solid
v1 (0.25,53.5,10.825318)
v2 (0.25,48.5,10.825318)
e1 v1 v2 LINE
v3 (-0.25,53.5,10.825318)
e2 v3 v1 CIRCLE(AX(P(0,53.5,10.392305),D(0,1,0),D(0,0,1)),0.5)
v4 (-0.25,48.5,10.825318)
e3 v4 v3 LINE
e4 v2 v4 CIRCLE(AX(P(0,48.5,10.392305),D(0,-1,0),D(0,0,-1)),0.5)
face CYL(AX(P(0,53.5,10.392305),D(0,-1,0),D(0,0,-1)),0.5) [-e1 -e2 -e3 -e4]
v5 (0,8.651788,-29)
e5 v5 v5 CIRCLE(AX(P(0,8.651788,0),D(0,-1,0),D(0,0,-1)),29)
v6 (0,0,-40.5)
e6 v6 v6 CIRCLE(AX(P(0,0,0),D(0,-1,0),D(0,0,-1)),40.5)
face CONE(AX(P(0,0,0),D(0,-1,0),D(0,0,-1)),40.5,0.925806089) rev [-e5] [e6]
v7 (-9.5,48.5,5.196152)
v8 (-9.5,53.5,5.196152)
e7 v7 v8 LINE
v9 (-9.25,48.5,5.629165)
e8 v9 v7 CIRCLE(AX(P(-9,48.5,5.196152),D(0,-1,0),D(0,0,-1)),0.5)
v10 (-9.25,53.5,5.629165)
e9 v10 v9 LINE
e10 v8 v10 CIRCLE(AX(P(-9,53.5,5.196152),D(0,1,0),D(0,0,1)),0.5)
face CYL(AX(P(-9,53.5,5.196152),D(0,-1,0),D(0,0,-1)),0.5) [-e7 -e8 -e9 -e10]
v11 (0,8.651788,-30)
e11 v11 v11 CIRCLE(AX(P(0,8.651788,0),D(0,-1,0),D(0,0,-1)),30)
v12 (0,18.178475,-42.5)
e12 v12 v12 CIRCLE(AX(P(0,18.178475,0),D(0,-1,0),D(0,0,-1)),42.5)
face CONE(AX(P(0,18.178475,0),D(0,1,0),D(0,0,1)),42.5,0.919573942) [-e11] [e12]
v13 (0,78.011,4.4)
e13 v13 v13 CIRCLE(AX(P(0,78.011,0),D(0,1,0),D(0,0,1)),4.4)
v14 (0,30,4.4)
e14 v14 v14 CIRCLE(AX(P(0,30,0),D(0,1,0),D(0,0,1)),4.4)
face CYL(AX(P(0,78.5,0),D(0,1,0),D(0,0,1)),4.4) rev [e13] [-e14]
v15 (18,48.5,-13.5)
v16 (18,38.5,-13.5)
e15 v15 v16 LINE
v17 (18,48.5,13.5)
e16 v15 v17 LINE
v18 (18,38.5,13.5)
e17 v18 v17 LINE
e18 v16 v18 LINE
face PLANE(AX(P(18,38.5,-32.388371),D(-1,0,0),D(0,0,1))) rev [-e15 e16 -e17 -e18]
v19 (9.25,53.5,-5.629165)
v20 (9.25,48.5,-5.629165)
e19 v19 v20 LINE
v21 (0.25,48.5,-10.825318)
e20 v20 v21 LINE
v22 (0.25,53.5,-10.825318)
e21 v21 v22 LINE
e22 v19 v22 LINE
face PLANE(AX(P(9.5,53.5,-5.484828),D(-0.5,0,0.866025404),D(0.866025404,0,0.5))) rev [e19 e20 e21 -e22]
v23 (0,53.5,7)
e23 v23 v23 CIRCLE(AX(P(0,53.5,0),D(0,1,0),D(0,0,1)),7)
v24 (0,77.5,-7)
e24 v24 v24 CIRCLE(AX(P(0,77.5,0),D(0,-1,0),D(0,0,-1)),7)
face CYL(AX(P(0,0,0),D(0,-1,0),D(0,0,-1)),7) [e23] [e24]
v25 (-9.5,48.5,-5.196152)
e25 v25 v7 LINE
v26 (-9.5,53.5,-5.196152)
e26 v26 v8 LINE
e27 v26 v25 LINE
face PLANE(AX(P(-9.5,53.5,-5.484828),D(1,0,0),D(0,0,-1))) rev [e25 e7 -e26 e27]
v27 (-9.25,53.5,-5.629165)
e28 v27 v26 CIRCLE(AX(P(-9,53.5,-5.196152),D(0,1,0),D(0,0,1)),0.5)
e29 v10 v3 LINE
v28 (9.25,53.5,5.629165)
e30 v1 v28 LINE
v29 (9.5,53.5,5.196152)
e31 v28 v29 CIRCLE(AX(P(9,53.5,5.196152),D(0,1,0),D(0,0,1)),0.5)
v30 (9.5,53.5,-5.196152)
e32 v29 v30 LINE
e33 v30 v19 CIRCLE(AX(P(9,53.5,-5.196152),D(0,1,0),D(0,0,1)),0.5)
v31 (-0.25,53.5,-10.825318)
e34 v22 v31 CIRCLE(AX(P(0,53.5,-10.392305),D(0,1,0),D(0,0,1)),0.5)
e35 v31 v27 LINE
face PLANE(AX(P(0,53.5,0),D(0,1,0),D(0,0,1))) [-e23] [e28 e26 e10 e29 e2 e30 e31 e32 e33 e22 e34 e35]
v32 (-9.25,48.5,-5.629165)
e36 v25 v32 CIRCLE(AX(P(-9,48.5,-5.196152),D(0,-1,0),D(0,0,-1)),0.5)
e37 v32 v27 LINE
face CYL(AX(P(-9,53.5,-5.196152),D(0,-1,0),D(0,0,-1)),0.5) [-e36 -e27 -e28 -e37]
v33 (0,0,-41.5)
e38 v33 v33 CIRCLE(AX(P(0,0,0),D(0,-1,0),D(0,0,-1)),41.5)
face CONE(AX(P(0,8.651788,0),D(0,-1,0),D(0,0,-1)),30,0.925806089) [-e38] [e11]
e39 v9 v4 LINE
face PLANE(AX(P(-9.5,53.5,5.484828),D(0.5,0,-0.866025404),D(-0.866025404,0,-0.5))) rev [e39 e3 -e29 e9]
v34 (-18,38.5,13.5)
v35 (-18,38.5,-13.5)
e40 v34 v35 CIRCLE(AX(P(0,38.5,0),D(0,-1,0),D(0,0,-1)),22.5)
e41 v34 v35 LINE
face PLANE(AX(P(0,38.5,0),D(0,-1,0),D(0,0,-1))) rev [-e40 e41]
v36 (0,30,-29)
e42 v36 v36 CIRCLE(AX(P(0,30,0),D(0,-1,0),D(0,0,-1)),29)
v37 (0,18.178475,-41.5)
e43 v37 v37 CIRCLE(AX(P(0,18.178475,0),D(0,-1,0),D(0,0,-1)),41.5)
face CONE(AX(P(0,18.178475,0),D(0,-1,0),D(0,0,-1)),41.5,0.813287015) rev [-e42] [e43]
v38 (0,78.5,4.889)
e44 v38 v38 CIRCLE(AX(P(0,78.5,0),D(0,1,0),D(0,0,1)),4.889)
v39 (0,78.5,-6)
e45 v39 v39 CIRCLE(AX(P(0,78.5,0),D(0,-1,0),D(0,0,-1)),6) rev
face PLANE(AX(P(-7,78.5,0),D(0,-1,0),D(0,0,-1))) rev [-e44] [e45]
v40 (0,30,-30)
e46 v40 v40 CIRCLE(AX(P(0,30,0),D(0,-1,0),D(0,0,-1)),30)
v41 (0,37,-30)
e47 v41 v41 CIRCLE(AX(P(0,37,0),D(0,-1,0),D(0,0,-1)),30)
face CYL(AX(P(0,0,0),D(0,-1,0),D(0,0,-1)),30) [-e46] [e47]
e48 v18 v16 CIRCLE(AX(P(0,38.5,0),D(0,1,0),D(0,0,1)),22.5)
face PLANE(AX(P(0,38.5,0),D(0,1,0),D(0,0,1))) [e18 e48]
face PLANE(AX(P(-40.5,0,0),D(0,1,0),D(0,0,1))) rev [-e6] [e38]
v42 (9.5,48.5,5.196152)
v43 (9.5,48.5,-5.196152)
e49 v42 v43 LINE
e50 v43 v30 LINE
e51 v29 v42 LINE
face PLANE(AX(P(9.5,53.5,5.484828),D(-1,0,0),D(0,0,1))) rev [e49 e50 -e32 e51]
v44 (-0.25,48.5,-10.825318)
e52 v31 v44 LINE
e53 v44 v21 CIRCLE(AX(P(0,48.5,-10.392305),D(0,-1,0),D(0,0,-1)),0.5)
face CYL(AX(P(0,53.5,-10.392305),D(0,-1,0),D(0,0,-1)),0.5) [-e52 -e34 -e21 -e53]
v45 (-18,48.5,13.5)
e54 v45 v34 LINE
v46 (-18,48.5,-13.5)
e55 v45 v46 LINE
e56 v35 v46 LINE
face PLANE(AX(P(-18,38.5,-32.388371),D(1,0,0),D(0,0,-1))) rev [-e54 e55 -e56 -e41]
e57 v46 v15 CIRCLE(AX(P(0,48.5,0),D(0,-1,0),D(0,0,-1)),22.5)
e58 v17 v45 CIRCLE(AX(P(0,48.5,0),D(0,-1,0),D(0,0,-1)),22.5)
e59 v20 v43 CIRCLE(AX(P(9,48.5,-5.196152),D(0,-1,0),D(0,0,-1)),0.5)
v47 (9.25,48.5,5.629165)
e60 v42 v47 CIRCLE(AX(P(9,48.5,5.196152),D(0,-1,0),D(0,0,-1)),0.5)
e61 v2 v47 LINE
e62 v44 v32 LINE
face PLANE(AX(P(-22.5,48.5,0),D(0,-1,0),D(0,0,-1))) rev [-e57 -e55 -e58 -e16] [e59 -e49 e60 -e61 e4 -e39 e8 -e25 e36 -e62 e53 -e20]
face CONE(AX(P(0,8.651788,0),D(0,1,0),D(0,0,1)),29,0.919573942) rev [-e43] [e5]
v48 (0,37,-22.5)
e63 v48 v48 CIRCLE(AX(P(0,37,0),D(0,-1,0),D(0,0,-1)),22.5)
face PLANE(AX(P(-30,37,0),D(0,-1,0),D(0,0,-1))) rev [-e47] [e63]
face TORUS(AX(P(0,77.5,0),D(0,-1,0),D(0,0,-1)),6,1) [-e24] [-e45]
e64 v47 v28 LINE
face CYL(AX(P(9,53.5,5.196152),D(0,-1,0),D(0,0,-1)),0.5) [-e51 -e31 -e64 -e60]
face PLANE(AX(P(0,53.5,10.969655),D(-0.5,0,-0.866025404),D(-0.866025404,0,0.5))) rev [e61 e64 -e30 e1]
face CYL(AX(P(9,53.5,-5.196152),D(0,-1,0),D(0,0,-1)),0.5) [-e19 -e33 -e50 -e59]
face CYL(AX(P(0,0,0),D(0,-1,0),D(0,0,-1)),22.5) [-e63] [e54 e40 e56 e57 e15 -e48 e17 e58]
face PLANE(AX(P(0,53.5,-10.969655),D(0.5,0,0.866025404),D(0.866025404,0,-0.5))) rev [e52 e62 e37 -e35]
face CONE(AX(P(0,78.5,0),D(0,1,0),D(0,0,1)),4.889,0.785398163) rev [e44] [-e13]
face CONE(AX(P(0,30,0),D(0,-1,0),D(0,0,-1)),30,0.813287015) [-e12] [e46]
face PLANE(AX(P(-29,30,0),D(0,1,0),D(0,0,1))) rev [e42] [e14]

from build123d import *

# Parameters (mm, degrees)
HOLE_WIZARD_G1_8_1_D           = 8.8
HOLE_WIZARD_G1_8_1_CSINK_D     = 9.778
HOLE_WIZARD_G1_8_1_CSINK_ANGLE = 90
FILLET_1_R                     = 1
SKETCH_5_W                     = 32.896271037
SKETCH_5_H                     = 64.386050675
CUT_EXTRUDE_1_DEPTH            = 10
SKETCH_6_R                     = 4.4
EXTRUDE_1_DEPTH                = 5
FILLET_2_R                     = 0.5


with BuildPart() as part:
    # 草图1 → 旋转2 (revolve)
    with BuildSketch(Plane.XY, mode=Mode.PRIVATE) as revolve_2_sk:
        Polygon((-40.5, 0), (-41.5, 0), (-30, 8.651787717), (-42.5, 18.178475316), (-30, 30), (-30, 37), (-22.5, 37), (-22.5, 48.5), (-7, 48.5), (-7, 78.5), (0, 78.5), (0, 30), (-29, 30), (-41.5, 18.178475316), (-29, 8.651787717), align=None)
    revolve(revolve_2_sk.sketch.rotate(Axis((0, 0, 0), (0, 1, 0)), 270), axis=Axis((0, 0, 0), (0, 1, 0)))

    # G1/8 螺纹孔1 (through all)
    with Locations(Plane(origin=(0, 78.5, 0), x_dir=(1, 0, 0), z_dir=(0, 1, 0))):
        with Locations((0, 0)):
            CounterSinkHole(HOLE_WIZARD_G1_8_1_D / 2, HOLE_WIZARD_G1_8_1_CSINK_D / 2, counter_sink_angle=HOLE_WIZARD_G1_8_1_CSINK_ANGLE)

    # 圆角1
    fillet_1_edges = [part.edges().sort_by_distance(p)[0] for p in [
        (0, 78.5, 7),
    ]]
    fillet(fillet_1_edges, radius=FILLET_1_R)

    # 草图5 → 切除-拉伸1 (cut)
    with BuildSketch(Plane(origin=(0, 48.5, 0), x_dir=(1, 0, 0), z_dir=(0, 1, 0))):
        with Locations((-34.448135519, 0.195346028)):
            Rectangle(SKETCH_5_W, SKETCH_5_H)
        with Locations((34.448135519, 0.195346028)):
            Rectangle(SKETCH_5_W, SKETCH_5_H)
    extrude(amount=-CUT_EXTRUDE_1_DEPTH, mode=Mode.SUBTRACT)

    # 草图6 → 凸台-拉伸1 (add)
    with BuildSketch(Plane(origin=(0, 48.5, 0), x_dir=(1, 0, 0), z_dir=(0, 1, 0))):
        Polygon((0, 10.969655115), (-9.5, 5.484827557), (-9.5, -5.484827557), (0, -10.969655115), (9.5, -5.484827557), (9.5, 5.484827557), align=None)
        with Locations(Location((0, 0, 0), (0, 0, 270))):
            Circle(SKETCH_6_R, mode=Mode.SUBTRACT)
    extrude(amount=EXTRUDE_1_DEPTH)

    # 圆角2
    fillet_2_edges = [part.edges().sort_by_distance(p)[0] for p in [
        (9.5, 51, -5.484827557),
        (0, 51, -10.969655115),
        (-9.5, 51, -5.484827557),
        (-9.5, 51, 5.484827557),
        (0, 51, 10.969655115),
        (9.5, 51, 5.484827557),
    ]]
    fillet(fillet_2_edges, radius=FILLET_2_R)


solid = part.part
